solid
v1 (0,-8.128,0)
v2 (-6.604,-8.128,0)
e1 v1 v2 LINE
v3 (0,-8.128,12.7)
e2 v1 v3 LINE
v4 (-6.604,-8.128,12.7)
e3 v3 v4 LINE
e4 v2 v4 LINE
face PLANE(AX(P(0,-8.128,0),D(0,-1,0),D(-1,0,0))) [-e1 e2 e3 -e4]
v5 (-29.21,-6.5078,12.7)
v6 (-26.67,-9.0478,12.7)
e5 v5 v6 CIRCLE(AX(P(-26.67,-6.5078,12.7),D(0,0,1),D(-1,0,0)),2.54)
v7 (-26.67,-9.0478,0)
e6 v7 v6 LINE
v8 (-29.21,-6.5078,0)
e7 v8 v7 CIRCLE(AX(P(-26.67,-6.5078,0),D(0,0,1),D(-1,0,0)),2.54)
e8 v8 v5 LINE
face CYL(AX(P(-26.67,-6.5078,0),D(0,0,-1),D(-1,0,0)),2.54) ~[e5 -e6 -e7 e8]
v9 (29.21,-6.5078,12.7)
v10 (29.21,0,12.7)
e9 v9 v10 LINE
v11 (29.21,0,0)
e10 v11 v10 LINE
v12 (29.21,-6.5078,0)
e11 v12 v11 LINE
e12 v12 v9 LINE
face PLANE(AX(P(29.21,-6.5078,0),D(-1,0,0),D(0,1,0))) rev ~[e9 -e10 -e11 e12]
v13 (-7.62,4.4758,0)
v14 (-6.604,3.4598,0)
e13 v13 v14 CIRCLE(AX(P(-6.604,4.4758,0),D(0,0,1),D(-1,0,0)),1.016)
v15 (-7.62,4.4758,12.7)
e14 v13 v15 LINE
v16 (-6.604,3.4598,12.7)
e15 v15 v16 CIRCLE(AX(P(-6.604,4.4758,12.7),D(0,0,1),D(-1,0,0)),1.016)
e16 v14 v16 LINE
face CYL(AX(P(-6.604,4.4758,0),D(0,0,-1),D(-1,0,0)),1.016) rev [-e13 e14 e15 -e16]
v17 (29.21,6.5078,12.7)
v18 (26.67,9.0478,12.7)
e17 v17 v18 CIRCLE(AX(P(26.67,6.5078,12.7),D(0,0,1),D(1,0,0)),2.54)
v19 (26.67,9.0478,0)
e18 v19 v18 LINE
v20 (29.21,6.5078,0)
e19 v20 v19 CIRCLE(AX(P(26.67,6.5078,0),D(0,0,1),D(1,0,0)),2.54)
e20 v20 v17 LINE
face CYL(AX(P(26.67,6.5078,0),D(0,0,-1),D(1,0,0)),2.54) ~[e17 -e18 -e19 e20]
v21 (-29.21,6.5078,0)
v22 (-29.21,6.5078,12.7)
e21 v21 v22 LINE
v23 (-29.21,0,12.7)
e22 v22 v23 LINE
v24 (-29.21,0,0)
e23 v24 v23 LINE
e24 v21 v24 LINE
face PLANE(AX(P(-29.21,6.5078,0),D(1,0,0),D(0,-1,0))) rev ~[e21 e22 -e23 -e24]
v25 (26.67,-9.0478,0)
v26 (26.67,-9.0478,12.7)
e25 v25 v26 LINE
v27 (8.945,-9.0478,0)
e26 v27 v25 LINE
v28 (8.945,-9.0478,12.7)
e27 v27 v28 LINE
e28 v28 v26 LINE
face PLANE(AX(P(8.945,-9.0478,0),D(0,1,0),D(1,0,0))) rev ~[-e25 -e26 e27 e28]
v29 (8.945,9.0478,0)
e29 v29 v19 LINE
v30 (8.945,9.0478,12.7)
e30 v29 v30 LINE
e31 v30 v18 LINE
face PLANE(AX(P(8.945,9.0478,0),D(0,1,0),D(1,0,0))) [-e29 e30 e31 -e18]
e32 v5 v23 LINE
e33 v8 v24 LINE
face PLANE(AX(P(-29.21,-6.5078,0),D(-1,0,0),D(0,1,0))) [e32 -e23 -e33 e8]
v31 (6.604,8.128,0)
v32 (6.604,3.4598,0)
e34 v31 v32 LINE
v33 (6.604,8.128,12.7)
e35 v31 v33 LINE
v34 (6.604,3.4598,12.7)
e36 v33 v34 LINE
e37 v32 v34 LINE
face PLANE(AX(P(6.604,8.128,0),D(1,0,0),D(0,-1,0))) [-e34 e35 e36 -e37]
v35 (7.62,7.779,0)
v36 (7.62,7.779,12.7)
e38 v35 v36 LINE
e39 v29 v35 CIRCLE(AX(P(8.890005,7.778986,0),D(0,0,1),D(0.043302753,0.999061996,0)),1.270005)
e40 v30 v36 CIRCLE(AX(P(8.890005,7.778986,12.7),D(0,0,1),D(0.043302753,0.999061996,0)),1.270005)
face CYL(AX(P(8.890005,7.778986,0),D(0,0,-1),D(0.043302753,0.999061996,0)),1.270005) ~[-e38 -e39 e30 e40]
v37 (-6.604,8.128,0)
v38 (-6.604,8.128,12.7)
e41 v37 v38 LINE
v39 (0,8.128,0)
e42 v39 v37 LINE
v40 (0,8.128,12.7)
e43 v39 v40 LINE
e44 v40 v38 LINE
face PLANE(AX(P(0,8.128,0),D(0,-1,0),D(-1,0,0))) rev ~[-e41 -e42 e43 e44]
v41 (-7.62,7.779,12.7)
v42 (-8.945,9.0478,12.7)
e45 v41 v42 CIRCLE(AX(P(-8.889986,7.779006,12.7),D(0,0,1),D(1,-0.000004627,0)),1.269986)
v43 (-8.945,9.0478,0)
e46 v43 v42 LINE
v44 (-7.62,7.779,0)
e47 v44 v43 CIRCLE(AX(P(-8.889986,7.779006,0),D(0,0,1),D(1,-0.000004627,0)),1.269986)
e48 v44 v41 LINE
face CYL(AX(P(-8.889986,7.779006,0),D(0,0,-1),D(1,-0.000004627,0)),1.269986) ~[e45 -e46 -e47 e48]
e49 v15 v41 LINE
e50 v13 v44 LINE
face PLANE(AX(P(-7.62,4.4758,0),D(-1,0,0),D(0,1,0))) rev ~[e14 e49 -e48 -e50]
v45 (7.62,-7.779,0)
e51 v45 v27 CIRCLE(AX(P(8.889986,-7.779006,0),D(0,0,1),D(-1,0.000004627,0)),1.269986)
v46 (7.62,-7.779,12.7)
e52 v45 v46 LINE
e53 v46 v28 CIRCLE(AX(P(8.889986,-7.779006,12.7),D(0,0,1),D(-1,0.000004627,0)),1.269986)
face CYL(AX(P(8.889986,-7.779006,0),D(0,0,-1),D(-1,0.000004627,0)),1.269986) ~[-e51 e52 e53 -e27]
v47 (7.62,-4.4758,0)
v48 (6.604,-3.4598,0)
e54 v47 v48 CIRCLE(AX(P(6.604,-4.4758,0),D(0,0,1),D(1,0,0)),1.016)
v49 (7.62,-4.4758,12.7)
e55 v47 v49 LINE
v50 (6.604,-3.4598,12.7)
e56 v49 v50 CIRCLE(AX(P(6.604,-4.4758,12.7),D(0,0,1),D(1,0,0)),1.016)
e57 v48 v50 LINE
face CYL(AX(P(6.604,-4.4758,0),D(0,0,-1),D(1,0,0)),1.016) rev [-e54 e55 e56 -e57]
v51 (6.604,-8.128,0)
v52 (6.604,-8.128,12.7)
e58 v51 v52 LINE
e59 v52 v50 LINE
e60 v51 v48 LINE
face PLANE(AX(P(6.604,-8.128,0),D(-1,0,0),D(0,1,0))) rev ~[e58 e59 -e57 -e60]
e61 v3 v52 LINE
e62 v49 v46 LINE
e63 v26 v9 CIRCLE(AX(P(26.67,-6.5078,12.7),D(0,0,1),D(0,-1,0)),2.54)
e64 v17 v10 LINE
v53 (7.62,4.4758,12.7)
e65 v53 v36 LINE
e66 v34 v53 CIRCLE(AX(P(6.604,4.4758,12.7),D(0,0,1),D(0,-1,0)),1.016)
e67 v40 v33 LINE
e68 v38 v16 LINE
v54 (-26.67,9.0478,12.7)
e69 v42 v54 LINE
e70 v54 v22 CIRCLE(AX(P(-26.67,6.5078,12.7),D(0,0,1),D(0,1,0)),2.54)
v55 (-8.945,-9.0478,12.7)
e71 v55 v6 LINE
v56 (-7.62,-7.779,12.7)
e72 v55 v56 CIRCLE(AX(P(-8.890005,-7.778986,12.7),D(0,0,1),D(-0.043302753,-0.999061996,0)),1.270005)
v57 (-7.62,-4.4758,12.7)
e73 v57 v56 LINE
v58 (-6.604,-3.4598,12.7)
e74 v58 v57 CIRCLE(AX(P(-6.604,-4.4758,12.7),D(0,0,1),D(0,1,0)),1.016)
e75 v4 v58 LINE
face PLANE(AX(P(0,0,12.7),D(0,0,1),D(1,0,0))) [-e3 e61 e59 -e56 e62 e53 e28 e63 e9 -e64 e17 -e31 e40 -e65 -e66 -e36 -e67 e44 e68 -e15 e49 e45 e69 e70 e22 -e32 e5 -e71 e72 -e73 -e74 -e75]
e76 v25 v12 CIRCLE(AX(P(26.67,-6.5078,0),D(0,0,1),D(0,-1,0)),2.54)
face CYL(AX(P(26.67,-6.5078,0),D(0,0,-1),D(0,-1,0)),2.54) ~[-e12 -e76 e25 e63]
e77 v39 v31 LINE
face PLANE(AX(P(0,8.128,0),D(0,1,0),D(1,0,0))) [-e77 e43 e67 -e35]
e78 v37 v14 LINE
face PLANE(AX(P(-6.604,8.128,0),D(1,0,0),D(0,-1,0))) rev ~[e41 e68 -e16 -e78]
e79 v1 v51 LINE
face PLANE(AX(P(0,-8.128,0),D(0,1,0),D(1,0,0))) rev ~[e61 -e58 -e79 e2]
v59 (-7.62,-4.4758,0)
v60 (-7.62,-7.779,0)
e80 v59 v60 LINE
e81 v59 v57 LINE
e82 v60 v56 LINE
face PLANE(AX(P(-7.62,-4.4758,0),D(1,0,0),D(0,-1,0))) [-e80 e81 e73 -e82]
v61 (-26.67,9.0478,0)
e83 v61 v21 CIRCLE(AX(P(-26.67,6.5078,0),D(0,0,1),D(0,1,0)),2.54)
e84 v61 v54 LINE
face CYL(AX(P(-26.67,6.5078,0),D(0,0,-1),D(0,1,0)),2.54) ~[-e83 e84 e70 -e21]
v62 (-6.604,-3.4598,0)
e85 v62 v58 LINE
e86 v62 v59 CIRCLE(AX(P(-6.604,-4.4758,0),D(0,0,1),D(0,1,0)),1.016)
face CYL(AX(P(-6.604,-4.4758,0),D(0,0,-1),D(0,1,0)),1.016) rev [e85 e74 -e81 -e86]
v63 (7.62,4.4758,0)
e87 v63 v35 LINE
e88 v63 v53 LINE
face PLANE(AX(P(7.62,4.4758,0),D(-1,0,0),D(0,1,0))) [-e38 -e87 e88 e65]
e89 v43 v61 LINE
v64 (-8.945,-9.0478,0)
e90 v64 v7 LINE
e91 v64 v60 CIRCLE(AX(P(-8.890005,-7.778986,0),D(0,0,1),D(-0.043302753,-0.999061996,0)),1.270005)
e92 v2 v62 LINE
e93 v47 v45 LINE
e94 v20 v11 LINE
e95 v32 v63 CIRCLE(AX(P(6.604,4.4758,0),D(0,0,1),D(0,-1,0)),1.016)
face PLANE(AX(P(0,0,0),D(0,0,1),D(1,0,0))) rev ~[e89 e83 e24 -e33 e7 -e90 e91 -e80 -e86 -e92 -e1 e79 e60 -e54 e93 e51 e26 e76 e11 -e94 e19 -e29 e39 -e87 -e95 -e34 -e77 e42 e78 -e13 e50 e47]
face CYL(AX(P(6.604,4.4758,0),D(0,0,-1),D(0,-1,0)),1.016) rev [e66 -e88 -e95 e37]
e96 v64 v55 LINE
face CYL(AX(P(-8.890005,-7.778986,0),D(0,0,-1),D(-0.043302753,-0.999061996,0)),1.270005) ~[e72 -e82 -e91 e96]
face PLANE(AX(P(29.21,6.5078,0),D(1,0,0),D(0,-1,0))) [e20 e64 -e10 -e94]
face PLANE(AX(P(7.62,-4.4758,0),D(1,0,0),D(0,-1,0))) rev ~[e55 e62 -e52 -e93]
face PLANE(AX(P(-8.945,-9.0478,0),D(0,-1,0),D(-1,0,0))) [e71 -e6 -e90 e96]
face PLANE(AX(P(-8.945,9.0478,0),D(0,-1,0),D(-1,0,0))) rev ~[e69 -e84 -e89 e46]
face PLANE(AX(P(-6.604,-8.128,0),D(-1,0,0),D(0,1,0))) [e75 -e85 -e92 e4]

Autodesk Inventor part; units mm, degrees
ref_plane "YZ Plane" through (0, 0, 0) normal (1, 0, 0) x (0, 1, 0)
ref_plane "XZ Plane" through (0, 0, 0) normal (0, 1, 0) x (-1, 0, 0)
ref_plane "XY Plane" through (0, 0, 0) normal (0, 0, 1) x (1, 0, 0)
sketch "Sketch1" plane through (0, 0, 0) normal (0, 0, 1) x (1, 0, 0)
  line L0 (0, 8.128) -> (-6.604, 8.128)
  line L1 (-6.604, 8.128) -> (-6.604, 3.4598)
  arc A0 (-7.62, 4.4758) -> (-6.604, 3.4598) centre (-6.604, 4.4758) ccw
  line L2 (-7.62, 4.4758) -> (-7.62, 7.779)
  line L3 (-29.21, 6.5078) -> (-29.21, 0)
  arc A1 (-7.62, 7.779) -> (-8.945, 9.0478) centre (-8.89, 7.779) ccw
  line L4 (-8.945, 9.0478) -> (-26.67, 9.0478)
  arc A2 (-26.67, 9.0478) -> (-29.21, 6.5078) centre (-26.67, 6.5078) ccw
  line L5 (0, 8.128) -> (6.604, 8.128)
  line L6 (6.604, 8.128) -> (6.604, 3.4598)
  arc A3 (6.604, 3.4598) -> (7.62, 4.4758) centre (6.604, 4.4758) ccw
  line L7 (7.62, 4.4758) -> (7.62, 7.779)
  line L8 (29.21, 6.5078) -> (29.21, 0)
  arc A4 (8.945, 9.0478) -> (7.62, 7.779) centre (8.89, 7.779) ccw
  line L9 (8.945, 9.0478) -> (26.67, 9.0478)
  arc A5 (29.21, 6.5078) -> (26.67, 9.0478) centre (26.67, 6.5078) ccw
  line L10 (0, -8.128) -> (-6.604, -8.128)
  line L11 (-6.604, -8.128) -> (-6.604, -3.4598)
  arc A6 (-6.604, -3.4598) -> (-7.62, -4.4758) centre (-6.604, -4.4758) ccw
  line L12 (-7.62, -4.4758) -> (-7.62, -7.779)
  line L13 (-29.21, -6.5078) -> (-29.21, 0)
  arc A7 (-8.945, -9.0478) -> (-7.62, -7.779) centre (-8.89, -7.779) ccw
  line L14 (-8.945, -9.0478) -> (-26.67, -9.0478)
  arc A8 (-29.21, -6.5078) -> (-26.67, -9.0478) centre (-26.67, -6.5078) ccw
  line L15 (0, -8.128) -> (6.604, -8.128)
  line L16 (6.604, -8.128) -> (6.604, -3.4598)
  arc A9 (7.62, -4.4758) -> (6.604, -3.4598) centre (6.604, -4.4758) ccw
  line L17 (7.62, -4.4758) -> (7.62, -7.779)
  line L18 (29.21, -6.5078) -> (29.21, 0)
  arc A10 (7.62, -7.779) -> (8.945, -9.0478) centre (8.89, -7.779) ccw
  line L19 (8.945, -9.0478) -> (26.67, -9.0478)
  arc A11 (26.67, -9.0478) -> (29.21, -6.5078) centre (26.67, -6.5078) ccw
  point P0 (0, 0)
  dimension "d0" = 8.128
  dimension "d2" = 29.21
  dimension "d4" = 1.016
  dimension "d5" = 1.016
  dimension "d10" = 1.27
  dimension "d11" = 2.54
  dimension "d12" = 5.588
extrude "Extrusion1" add sketch "Sketch1" along normal blind 12.7
properties part number "ConnectorDE" material "ABS Plastic"
